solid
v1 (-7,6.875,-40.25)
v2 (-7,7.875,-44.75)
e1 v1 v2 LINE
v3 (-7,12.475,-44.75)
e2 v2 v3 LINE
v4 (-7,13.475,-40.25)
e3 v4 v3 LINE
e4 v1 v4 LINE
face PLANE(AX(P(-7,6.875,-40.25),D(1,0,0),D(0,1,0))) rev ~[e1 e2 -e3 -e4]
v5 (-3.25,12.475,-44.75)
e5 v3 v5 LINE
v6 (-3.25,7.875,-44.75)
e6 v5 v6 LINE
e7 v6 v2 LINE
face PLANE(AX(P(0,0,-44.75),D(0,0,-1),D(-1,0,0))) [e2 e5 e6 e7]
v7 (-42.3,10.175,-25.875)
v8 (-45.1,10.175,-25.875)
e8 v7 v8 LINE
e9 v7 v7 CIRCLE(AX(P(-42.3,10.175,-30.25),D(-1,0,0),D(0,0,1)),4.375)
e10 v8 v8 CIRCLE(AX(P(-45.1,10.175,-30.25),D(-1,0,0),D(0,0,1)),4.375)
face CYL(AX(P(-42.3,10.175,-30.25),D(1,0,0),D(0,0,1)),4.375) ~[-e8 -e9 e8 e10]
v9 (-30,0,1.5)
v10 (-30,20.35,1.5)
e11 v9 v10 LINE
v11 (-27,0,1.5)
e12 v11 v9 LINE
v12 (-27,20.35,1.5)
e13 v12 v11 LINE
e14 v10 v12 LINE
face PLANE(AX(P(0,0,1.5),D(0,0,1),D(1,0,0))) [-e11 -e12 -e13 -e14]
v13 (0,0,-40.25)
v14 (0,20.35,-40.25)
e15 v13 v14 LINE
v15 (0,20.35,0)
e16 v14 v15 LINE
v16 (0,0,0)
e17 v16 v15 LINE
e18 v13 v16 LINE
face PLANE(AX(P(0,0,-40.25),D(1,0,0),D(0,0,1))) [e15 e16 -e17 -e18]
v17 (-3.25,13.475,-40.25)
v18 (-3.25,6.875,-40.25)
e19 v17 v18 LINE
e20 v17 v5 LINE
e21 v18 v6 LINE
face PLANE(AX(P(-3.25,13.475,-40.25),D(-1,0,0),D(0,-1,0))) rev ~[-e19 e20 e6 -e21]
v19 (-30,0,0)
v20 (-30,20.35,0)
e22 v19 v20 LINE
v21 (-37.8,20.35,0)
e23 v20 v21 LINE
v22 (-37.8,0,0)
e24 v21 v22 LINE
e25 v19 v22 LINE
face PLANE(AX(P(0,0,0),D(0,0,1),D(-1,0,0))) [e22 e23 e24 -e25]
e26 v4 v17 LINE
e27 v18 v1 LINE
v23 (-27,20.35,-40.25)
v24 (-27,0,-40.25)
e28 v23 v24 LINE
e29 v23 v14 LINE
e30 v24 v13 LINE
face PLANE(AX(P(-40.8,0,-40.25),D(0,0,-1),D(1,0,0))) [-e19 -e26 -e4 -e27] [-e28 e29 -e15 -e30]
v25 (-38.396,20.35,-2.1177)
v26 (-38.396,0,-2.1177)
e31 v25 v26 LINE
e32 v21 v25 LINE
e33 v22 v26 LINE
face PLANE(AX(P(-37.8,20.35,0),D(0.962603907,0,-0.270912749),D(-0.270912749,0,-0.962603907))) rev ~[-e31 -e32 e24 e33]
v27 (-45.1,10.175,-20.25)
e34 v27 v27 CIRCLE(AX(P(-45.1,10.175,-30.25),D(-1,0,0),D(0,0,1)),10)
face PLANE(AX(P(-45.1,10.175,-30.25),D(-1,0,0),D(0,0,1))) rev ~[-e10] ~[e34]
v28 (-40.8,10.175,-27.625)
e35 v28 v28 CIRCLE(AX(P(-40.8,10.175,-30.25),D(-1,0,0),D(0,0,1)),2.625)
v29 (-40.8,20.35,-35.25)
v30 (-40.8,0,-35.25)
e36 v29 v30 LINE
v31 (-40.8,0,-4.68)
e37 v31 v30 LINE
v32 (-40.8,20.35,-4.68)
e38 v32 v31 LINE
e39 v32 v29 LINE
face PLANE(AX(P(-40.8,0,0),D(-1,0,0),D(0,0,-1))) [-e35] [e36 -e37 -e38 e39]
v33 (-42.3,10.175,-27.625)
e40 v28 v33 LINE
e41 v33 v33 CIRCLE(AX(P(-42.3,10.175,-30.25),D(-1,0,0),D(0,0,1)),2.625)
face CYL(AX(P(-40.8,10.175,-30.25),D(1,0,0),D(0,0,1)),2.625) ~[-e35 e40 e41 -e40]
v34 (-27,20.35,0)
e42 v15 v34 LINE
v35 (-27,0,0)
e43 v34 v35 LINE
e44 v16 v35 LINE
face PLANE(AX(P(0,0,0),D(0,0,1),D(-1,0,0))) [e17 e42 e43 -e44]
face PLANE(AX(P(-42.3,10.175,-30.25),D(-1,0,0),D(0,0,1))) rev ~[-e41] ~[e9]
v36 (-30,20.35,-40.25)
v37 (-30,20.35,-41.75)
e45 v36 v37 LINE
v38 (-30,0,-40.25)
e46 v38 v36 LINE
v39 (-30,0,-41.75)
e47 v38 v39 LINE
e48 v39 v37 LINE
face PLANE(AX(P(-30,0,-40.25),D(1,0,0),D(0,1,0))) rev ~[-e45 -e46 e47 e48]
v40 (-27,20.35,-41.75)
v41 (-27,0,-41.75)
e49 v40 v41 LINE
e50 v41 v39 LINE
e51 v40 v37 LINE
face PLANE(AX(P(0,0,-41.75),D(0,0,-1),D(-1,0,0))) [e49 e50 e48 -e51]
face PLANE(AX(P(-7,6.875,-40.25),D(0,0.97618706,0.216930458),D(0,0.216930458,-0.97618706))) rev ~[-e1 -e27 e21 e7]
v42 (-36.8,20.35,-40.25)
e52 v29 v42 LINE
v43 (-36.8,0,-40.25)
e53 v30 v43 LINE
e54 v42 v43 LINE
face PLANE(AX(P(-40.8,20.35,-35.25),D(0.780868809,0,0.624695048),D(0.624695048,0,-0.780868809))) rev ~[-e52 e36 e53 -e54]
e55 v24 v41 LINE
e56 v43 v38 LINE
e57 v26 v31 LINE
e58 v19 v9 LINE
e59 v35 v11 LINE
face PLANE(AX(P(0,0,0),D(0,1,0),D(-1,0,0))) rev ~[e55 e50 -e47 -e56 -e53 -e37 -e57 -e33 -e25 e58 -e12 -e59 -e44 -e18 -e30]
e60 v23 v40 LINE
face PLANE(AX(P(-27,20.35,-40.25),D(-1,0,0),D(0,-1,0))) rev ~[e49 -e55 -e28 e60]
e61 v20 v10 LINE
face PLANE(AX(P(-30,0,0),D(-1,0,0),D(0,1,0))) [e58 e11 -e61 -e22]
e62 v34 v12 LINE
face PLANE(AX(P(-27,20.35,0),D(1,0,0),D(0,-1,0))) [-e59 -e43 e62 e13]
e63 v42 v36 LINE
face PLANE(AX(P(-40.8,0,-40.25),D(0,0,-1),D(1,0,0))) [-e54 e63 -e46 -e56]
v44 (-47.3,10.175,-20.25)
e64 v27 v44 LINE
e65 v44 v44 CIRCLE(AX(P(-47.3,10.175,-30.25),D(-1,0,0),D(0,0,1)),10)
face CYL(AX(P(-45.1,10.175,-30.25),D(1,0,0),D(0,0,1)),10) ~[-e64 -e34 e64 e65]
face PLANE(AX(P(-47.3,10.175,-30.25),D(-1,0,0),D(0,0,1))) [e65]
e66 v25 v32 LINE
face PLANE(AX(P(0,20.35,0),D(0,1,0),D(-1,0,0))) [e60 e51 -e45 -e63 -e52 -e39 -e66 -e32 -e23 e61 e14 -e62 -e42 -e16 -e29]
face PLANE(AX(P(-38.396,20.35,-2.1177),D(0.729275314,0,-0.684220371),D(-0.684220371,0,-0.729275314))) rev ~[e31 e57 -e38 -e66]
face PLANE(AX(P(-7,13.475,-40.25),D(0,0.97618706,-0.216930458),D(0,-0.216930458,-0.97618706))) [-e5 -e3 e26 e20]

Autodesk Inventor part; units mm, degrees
ref_plane "YZ Plane" through (0, 0, 0) normal (1, 0, 0) x (0, 1, 0)
ref_plane "XZ Plane" through (0, 0, 0) normal (0, 1, 0) x (-1, 0, 0)
ref_plane "XY Plane" through (0, 0, 0) normal (0, 0, 1) x (1, 0, 0)
sketch "Sketch1" plane through (0, 0, 0) normal (0, 1, 0) x (-1, 0, 0)
  line L0 (0, 0) -> (40.8, 0)
  line L1 (40.8, 0) -> (40.8, -40.25)
  line L2 (40.8, -40.25) -> (0, -40.25)
  line L3 (0, -40.25) -> (0, 0)
  dimension "d0" = 40.8
  dimension "d1" = 40.25
extrude "Extrusion1" add sketch "Sketch1" along normal blind 20.35
sketch "Sketch2" plane through (0, 20.35, 0) normal (0, 1, 0) x (1, 0, 0)
  line L0 (-40.8, 0) -> (0, 0) projected
  line L1 (-40.8, 0) -> (-40.8, 4.68)
  line L2 (-40.8, 40.25) -> (-40.8, 0) projected
  line L3 (-40.8, 0) -> (-37.8, 0)
  line L4 (-37.8, 0) -> (-38.396, 2.1177)
  line L5 (-38.396, 2.1177) -> (-40.8, 4.68)
  dimension "d4" = 4.68
  dimension "d5" = 3
  dimension "d6" = 2.2
extrude "Extrusion2" cut sketch "Sketch2" against normal blind 20.35
sketch "Sketch3" plane through (0, 20.35, 0) normal (0, 1, 0) x (1, 0, 0)
  line L0 (-40.8, 4.68) -> (-40.8, 40.25) projected
  line L1 (-40.8, 40.25) -> (-36.8, 40.25)
  line L2 (-40.8, 40.25) -> (0, 40.25) projected
  line L3 (-40.8, 40.25) -> (-40.8, 35.25)
  line L4 (-40.8, 35.25) -> (-36.8, 40.25)
  point P0 (0, 0)
  dimension "d9" = 4
  dimension "d10" = 5
extrude "Extrusion3" cut sketch "Sketch3" against normal blind 20.35
sketch "Sketch4" plane through (-40.8, 0, -4.68) normal (-1, 0, 0) x (0, 0, 1)
  circle A0 centre (-25.57, 10.175) radius 2.625
  line L0 (-35.57, 0) -> (-35.57, 20.35) projected
  line L1 (-30.57, 20.35) -> (0, 20.35) projected
  point P0 (4.68, 0)
  dimension "d13" = 5.25
  dimension "d14" = 10
  dimension "d15" = 10.175
extrude "Extrusion4" add sketch "Sketch4" along normal blind 1.5
sketch "Sketch5" plane through (-42.3, 10.175, -30.25) normal (-1, 0, 0) x (0, 0, 1)
  circle A0 centre (0, 0) radius 4.375
  point P0 (30.25, -10.175)
  dimension "d18" = 8.75
extrude "Extrusion5" add sketch "Sketch5" along normal blind 2.8
sketch "Sketch6" plane through (-45.1, 10.175, -30.25) normal (-1, 0, 0) x (0, 0, 1)
  circle A0 centre (0, 0) radius 10
  point P0 (30.25, -10.175)
  dimension "d21" = 20
extrude "Extrusion6" add sketch "Sketch6" along normal blind 2.2
sketch "Sketch7" plane through (0, 0, 0) normal (0, 0, 1) x (1, 0, 0)
  line L0 (-7, 6.875) -> (-3.25, 6.875)
  line L1 (-3.25, 6.875) -> (-3.25, 13.475)
  line L2 (-3.25, 13.475) -> (-7, 13.475)
  line L3 (-7, 13.475) -> (-7, 6.875)
  line L4 (0, 0) -> (0, 20.35) projected
  line L5 (0, 0) -> (-37.8, 0) projected
  dimension "d24" = 3.75
  dimension "d25" = 6.6
  dimension "d26" = 7
  dimension "d27" = 6.875
extrude "Extrusion7" add sketch "Sketch7" along normal blind 4.5
chamfer "Chamfer1" distance 2 angle 45 2 edges at (-5.125, 13.475, 4.5) (-5.125, 6.875, 4.5)
sketch "Sketch8" plane through (-7, 6.875, 0) normal (-1, 0, 0) x (0, 0, 1)
  line L0 (0, 6.6) -> (0, 0) projected
  line L1 (0, 0) -> (0, 6.6)
  line L2 (0, 6.6) -> (2.5, 6.6) projected
  line L3 (0, 6.6) -> (2.5, 6.6)
  line L4 (4.5, 4.6) -> (4.5, 2) projected
  line L5 (2.5, 6.6) -> (4.5, 4.6)
  line L6 (4.5, 4.6) -> (4.5, 2)
  line L7 (4.5, 2) -> (2.5, 0) projected
  line L8 (4.5, 2) -> (2.5, 0)
  line L9 (0, 0) -> (2.5, 0) projected
  line L10 (2.5, 0) -> (0, 0)
  point P0 (0, -6.875)
extrude "Extrusion8" cut sketch "Sketch8" against normal blind 4.5
sketch "Sketch9" plane through (0, 0, -40.25) normal (0, 0, -1) x (-1, 0, 0)
  line L0 (3.25, 6.875) -> (7, 6.875)
  line L1 (7, 6.875) -> (7, 13.475)
  line L2 (7, 13.475) -> (3.25, 13.475)
  line L3 (3.25, 13.475) -> (3.25, 6.875)
  line L4 (0, 20.35) -> (36.8, 20.35) projected
  line L5 (0, 0) -> (0, 20.35) projected
  dimension "d35" = 3.75
  dimension "d36" = 6.6
  dimension "d37" = 6.875
  dimension "d45" = 7
extrude "Extrusion9" add sketch "Sketch9" along normal blind 4.5
chamfer "Chamfer2" distance 1 angle 45 2 edges at (-5.125, 6.875, -44.75) (-5.125, 13.475, -44.75)
sketch "Sketch10" plane through (-7, 6.875, -40.25) normal (-1, 0, 0) x (0, 0, 1)
  line L0 (0, 0) -> (0, 6.6) projected
  line L1 (-4.5, 1) -> (-4.5, 5.6) projected
  line L2 (0, 0) -> (-4.5, 1)
  line L3 (0, 0) -> (-3.5, 0) projected
  line L4 (-4.5, 1) -> (-3.5, 0)
  line L5 (-3.5, 0) -> (0, 0)
  line L6 (0, 6.6) -> (-3.5, 6.6) projected
  line L7 (-4.5, 5.6) -> (-3.5, 6.6)
  line L8 (-3.5, 6.6) -> (0, 6.6)
  line L9 (0, 6.6) -> (-4.5, 5.6)
  point P0 (40.25, -6.875)
extrude "Extrusion10" cut sketch "Sketch10" against normal blind 4.5 contours L3 L4 L2 | L9 L7 L6
sketch "Sketch11" plane through (0, 0, -40.25) normal (0, 0, -1) x (-1, 0, 0)
  line L0 (0, 20.35) -> (36.8, 20.35) projected
  line L1 (27, 0) -> (30, 0)
  line L2 (30, 0) -> (30, 20.35)
  line L3 (30, 20.35) -> (27, 20.35)
  line L4 (27, 20.35) -> (27, 0)
  line L5 (0, 0) -> (0, 20.35) projected
  dimension "d46" = 3
  dimension "d47" = 27
extrude "Extrusion11" add sketch "Sketch11" along normal blind 1.5
sketch "Sketch12" plane through (0, 0, 0) normal (0, 0, 1) x (1, 0, 0)
  line L0 (0, 0) -> (-37.8, 0) projected
  line L1 (0, 20.35) -> (-27, 20.35) projected
  line L2 (-27, 0) -> (-30, 0)
  line L3 (-30, 0) -> (-30, 20.35)
  line L4 (-30, 20.35) -> (-27, 20.35)
  line L5 (-27, 20.35) -> (-27, 0)
  line L6 (0, 0) -> (0, 20.35) projected
  dimension "d50" = 3
  dimension "d51" = 27
extrude "Extrusion12" add sketch "Sketch12" along normal blind 1.5 contours L0 L3 L4 L5
properties part number "DS3218_motor"
